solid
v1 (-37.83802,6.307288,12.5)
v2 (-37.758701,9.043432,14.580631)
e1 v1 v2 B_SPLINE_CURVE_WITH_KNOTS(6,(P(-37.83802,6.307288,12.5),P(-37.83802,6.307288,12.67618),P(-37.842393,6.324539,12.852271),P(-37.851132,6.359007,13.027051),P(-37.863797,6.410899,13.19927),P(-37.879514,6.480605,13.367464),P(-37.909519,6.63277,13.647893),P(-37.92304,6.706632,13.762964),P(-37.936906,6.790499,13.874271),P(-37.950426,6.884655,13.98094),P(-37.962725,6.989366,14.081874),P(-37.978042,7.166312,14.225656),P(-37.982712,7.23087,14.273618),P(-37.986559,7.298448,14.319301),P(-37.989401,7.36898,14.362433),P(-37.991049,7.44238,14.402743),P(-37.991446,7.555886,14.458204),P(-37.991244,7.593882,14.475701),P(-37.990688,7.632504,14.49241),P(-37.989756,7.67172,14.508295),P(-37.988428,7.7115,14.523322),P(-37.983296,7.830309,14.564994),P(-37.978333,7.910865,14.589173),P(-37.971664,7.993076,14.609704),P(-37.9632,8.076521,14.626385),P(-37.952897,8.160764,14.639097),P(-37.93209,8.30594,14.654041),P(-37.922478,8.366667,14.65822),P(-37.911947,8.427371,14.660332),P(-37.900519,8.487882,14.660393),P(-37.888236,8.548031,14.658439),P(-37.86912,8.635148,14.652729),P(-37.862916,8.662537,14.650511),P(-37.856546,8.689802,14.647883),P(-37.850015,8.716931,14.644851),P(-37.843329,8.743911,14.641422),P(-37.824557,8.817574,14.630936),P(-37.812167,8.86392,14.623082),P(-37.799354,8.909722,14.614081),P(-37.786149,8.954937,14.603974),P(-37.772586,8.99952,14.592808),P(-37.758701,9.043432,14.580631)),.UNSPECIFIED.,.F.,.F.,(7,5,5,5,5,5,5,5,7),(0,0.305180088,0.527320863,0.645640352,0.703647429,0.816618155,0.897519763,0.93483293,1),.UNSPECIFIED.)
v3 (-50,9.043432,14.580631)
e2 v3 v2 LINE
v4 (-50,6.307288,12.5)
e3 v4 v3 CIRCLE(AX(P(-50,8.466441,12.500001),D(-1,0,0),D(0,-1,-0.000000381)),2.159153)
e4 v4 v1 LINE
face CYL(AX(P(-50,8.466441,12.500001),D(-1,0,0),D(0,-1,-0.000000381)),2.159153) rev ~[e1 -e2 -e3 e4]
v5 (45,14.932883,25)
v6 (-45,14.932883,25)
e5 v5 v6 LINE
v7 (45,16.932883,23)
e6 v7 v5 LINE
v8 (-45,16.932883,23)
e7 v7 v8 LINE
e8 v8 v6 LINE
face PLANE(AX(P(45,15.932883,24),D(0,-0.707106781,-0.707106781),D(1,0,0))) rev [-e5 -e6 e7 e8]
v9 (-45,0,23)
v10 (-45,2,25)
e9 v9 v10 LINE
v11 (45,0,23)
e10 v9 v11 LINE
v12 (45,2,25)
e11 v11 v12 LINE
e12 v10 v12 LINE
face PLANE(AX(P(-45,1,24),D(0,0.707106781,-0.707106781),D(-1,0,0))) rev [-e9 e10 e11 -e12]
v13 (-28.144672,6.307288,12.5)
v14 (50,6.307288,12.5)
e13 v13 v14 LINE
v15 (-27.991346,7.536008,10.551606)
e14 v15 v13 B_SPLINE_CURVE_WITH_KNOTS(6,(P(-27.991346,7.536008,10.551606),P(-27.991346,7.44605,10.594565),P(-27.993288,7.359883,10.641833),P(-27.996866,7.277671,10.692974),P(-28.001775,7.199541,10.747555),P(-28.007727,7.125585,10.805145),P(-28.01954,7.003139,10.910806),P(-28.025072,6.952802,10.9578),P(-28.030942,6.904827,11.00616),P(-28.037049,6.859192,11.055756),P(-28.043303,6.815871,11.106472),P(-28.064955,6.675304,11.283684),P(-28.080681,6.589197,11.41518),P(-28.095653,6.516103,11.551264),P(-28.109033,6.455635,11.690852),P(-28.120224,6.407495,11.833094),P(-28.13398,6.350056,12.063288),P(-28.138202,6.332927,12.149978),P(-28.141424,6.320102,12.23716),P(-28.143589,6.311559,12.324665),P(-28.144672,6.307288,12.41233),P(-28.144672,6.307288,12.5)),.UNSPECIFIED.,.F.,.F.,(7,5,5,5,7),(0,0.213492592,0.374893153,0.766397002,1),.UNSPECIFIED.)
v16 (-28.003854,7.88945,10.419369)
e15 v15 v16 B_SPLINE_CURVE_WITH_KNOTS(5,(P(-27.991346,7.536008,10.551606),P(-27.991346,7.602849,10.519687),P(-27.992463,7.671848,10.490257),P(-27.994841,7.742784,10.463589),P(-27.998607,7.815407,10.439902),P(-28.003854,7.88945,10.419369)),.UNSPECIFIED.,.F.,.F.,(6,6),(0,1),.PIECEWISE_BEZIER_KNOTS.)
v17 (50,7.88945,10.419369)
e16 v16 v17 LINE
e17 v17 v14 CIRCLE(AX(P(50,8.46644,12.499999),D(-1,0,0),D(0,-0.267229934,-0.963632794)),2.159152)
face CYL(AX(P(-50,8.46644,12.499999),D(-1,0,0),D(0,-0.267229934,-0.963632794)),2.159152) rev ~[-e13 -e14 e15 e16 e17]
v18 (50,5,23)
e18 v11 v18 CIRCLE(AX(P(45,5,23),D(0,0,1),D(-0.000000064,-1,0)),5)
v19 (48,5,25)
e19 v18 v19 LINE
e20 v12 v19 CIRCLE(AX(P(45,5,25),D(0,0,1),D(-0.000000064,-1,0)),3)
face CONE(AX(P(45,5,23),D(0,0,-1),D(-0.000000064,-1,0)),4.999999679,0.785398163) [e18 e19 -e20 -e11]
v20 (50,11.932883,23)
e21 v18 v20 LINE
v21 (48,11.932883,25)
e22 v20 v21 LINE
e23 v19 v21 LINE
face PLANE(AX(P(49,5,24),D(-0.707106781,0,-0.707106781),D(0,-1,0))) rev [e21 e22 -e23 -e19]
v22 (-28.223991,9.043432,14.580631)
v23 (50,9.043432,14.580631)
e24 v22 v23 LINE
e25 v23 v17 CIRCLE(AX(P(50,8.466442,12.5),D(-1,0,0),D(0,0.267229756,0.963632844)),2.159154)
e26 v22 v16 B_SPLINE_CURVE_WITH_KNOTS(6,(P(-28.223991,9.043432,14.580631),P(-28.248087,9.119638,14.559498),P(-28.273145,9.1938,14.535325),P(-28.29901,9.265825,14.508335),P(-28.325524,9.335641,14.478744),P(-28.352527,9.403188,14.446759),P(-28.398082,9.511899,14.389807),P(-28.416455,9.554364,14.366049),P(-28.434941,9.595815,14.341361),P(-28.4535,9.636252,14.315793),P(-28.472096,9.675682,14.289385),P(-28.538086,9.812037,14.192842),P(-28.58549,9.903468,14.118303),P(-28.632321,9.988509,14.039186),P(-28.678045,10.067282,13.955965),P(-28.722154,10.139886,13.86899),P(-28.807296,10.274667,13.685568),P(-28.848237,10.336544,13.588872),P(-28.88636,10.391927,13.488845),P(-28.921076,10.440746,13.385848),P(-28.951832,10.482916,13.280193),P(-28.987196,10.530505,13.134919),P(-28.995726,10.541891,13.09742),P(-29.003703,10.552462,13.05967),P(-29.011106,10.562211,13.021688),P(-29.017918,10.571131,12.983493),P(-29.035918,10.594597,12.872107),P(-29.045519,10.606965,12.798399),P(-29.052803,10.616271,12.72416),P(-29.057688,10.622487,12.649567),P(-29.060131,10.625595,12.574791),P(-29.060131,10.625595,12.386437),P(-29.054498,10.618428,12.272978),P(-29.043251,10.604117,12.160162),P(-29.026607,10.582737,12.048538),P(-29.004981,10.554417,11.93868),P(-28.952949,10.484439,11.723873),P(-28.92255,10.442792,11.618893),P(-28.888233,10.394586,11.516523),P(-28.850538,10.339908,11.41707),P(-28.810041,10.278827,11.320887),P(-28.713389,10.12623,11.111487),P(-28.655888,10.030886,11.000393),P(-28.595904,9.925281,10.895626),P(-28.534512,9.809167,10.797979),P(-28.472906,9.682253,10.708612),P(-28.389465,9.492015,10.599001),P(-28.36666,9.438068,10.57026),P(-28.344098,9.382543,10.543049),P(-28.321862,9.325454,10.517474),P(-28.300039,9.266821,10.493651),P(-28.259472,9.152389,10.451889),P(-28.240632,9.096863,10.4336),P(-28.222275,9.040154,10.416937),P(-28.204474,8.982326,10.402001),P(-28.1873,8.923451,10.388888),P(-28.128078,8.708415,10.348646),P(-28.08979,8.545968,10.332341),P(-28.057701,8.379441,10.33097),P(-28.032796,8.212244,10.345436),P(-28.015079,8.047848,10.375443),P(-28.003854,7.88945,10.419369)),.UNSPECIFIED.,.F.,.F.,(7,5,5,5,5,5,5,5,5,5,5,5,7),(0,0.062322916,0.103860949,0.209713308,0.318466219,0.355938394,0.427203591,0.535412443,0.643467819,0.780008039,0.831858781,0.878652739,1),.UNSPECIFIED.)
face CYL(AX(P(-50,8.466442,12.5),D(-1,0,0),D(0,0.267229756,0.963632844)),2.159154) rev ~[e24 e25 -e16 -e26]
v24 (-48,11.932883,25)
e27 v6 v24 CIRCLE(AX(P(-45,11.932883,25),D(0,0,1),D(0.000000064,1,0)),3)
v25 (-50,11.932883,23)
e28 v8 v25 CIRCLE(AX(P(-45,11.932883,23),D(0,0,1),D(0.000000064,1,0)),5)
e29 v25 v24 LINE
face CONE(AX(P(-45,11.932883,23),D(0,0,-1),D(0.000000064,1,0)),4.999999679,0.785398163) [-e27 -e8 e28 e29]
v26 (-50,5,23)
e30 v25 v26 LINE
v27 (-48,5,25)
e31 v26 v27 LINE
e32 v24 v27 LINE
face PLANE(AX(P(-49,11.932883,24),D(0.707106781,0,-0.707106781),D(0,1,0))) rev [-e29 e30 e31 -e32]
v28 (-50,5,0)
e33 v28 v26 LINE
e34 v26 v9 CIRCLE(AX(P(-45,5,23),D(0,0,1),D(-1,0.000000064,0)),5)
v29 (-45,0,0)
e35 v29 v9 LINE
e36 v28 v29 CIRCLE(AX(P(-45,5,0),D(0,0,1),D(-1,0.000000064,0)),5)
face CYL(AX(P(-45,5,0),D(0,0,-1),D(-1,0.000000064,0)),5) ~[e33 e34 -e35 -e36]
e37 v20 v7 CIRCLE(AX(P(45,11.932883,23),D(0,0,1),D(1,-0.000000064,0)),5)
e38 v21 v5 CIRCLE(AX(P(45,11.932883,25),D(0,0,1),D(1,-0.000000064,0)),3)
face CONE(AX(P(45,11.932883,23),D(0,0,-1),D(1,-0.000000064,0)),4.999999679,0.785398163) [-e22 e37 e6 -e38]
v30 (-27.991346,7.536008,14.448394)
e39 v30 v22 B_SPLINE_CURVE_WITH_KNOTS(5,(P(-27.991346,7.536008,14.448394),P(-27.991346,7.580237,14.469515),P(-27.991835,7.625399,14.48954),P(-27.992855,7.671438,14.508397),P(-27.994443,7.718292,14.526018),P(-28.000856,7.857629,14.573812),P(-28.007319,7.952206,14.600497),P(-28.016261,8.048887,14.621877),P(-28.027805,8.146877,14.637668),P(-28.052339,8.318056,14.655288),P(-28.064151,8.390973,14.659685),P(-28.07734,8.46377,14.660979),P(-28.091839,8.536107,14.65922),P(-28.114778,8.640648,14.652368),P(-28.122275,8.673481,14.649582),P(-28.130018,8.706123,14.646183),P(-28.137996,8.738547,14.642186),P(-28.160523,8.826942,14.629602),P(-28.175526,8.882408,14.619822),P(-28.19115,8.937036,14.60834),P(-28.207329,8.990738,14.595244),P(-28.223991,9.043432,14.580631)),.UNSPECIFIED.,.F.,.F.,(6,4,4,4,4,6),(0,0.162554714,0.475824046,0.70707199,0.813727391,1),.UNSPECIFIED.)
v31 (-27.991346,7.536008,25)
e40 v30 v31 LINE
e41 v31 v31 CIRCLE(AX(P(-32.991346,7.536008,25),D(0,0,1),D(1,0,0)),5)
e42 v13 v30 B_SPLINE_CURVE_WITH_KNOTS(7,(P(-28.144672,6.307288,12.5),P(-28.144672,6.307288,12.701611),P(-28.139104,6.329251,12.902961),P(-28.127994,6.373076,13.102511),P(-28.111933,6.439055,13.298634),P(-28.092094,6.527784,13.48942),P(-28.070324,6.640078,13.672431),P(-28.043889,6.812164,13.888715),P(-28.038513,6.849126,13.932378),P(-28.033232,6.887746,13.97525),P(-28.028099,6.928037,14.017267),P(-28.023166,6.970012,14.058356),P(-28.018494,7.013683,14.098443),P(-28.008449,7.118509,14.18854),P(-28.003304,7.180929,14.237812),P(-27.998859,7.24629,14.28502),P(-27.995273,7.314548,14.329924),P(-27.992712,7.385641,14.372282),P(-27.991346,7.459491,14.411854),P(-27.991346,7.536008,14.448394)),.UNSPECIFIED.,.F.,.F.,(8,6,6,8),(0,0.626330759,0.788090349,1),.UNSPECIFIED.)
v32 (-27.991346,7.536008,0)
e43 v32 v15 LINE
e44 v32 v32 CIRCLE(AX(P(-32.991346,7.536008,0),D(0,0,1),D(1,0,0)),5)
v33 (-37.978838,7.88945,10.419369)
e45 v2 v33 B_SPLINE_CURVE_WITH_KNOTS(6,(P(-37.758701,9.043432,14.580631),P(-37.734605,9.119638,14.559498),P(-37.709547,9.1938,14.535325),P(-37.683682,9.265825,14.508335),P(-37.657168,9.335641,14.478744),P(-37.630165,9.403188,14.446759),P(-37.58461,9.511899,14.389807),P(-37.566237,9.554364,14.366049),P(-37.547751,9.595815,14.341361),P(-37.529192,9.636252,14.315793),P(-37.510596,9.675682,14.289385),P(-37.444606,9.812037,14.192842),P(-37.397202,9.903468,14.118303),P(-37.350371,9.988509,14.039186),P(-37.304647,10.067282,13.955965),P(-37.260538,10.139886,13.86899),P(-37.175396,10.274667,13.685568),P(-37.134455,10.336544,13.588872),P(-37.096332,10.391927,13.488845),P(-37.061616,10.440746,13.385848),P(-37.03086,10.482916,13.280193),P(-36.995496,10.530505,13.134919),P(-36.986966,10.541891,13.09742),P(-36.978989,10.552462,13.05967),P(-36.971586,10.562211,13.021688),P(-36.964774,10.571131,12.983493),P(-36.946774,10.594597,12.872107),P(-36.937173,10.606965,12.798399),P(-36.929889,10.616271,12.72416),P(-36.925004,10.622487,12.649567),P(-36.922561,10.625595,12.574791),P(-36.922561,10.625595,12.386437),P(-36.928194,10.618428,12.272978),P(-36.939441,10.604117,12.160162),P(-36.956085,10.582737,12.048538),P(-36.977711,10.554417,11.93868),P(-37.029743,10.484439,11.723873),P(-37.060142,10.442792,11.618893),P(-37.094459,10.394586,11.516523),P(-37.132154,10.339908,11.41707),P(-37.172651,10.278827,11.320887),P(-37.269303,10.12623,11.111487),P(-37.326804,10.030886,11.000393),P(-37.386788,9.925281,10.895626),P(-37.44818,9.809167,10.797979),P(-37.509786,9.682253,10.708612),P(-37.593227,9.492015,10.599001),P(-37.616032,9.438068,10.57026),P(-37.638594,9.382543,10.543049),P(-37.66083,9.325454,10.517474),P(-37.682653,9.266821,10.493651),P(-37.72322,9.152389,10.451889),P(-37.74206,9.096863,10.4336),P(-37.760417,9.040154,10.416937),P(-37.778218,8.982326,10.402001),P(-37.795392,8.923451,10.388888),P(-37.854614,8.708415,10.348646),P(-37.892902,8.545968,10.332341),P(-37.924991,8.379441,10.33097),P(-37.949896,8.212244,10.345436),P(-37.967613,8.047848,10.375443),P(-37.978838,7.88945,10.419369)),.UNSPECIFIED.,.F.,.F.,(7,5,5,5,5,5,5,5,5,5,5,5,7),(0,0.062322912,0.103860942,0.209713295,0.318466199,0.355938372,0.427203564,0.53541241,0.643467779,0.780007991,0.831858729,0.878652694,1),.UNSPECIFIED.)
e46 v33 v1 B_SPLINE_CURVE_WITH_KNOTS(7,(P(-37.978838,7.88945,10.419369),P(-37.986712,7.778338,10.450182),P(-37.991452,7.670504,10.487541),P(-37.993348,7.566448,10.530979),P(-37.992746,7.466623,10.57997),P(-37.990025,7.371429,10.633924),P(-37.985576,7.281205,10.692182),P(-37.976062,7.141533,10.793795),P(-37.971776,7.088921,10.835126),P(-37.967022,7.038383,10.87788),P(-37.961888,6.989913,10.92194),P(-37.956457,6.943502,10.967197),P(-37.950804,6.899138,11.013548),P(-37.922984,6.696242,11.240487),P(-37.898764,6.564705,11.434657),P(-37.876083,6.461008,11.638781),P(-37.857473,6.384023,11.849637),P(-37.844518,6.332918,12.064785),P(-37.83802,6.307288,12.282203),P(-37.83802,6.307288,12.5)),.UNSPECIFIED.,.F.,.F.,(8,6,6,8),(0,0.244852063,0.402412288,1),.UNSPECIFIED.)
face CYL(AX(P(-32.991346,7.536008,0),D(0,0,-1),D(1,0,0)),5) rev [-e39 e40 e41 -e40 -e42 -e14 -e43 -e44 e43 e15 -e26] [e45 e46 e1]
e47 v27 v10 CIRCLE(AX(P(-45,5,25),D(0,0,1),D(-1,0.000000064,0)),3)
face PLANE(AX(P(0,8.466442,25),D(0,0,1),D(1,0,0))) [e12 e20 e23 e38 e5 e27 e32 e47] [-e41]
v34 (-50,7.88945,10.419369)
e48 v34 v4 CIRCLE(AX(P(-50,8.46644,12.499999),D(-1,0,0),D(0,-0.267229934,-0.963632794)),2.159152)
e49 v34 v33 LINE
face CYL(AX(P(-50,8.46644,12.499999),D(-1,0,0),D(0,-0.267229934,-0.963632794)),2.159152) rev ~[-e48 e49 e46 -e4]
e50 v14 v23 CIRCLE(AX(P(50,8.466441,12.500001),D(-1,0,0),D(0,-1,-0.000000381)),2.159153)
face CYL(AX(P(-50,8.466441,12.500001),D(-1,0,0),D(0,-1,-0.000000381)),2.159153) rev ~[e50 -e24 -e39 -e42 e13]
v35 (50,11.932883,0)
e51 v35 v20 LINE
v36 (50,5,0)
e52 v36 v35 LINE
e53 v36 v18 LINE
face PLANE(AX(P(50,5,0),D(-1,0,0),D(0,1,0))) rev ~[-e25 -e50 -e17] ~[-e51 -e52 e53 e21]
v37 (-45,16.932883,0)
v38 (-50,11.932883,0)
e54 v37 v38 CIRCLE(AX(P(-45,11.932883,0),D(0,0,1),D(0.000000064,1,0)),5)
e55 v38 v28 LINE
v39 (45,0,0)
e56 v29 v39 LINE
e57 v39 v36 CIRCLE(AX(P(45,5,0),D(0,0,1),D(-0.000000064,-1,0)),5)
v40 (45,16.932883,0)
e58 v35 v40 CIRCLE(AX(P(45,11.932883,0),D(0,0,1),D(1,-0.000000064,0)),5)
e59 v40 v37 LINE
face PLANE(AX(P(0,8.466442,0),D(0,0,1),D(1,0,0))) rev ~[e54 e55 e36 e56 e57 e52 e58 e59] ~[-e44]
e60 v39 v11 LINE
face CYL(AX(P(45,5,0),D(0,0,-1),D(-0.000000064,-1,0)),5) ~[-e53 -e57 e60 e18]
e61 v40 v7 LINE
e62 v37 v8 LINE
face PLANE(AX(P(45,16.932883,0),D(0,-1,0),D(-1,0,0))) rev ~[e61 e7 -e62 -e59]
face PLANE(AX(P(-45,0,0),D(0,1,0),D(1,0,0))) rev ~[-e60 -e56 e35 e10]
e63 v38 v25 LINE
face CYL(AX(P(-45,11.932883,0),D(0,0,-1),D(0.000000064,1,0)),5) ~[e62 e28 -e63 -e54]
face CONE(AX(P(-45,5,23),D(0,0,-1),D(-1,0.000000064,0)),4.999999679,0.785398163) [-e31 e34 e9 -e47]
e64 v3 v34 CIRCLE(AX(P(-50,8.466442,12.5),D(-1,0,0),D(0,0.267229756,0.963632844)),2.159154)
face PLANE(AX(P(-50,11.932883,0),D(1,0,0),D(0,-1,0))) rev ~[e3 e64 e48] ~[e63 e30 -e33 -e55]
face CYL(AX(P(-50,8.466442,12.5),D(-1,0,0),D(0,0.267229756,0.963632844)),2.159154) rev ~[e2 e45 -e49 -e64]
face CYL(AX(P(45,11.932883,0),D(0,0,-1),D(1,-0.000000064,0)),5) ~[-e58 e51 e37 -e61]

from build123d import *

# Parameters (mm, degrees)
F0_R     = 5
F1_DEPTH = 25
F3_DEPTH = 100.001
F4_SIZE  = 2


with BuildPart() as f1:
    # F0 (on Top) → F1 (new body)
    with BuildSketch(Plane.XY):
        with BuildLine():
            Line((45, 16.932883), (-45, 16.932883))
            ThreePointArc((-45, 16.932883), (-48.535534, 15.468417), (-50, 11.932883))
            Line((-50, 11.932883), (-50, 5))
            ThreePointArc((-50, 5), (-48.535534, 1.464466), (-45, 0))
            Line((-45, 0), (45, 0))
            ThreePointArc((45, 0), (48.535534, 1.464466), (50, 5))
            Line((50, 5), (50, 11.932883))
            ThreePointArc((50, 11.932883), (48.535534, 15.468417), (45, 16.932883))
        make_face()
        with Locations((-32.991346, 7.536008)):
            Circle(F0_R, mode=Mode.SUBTRACT)
    extrude(amount=F1_DEPTH)

    # F2 (on face) → F3 (cut, through all)
    with BuildSketch(Plane(origin=(-50, 0, 0), x_dir=(0, -1, 0), z_dir=(-1, 0, 0))):
        with BuildLine():
            ThreePointArc((-7.88945, 10.419369), (-6.747756, 11.19307), (-6.307288, 12.5))
            ThreePointArc((-6.307288, 12.5), (-7.159511, 14.218685), (-9.043432, 14.580631))
            Line((-9.043432, 14.580631), (-7.88945, 10.419369))
        make_face()
        with BuildLine():
            Line((-7.88945, 10.419369), (-9.043432, 14.580631))
            ThreePointArc((-9.043432, 14.580631), (-10.547073, 11.923009), (-7.88945, 10.419369))
        make_face()
    extrude(amount=-F3_DEPTH, mode=Mode.SUBTRACT)

    # F4
    f4_edges = [f1.edges().sort_by_distance(p)[0] for p in [
        (0, 16.932883, 25),
    ]]
    chamfer(f4_edges, length=F4_SIZE)


solid = f1.part
